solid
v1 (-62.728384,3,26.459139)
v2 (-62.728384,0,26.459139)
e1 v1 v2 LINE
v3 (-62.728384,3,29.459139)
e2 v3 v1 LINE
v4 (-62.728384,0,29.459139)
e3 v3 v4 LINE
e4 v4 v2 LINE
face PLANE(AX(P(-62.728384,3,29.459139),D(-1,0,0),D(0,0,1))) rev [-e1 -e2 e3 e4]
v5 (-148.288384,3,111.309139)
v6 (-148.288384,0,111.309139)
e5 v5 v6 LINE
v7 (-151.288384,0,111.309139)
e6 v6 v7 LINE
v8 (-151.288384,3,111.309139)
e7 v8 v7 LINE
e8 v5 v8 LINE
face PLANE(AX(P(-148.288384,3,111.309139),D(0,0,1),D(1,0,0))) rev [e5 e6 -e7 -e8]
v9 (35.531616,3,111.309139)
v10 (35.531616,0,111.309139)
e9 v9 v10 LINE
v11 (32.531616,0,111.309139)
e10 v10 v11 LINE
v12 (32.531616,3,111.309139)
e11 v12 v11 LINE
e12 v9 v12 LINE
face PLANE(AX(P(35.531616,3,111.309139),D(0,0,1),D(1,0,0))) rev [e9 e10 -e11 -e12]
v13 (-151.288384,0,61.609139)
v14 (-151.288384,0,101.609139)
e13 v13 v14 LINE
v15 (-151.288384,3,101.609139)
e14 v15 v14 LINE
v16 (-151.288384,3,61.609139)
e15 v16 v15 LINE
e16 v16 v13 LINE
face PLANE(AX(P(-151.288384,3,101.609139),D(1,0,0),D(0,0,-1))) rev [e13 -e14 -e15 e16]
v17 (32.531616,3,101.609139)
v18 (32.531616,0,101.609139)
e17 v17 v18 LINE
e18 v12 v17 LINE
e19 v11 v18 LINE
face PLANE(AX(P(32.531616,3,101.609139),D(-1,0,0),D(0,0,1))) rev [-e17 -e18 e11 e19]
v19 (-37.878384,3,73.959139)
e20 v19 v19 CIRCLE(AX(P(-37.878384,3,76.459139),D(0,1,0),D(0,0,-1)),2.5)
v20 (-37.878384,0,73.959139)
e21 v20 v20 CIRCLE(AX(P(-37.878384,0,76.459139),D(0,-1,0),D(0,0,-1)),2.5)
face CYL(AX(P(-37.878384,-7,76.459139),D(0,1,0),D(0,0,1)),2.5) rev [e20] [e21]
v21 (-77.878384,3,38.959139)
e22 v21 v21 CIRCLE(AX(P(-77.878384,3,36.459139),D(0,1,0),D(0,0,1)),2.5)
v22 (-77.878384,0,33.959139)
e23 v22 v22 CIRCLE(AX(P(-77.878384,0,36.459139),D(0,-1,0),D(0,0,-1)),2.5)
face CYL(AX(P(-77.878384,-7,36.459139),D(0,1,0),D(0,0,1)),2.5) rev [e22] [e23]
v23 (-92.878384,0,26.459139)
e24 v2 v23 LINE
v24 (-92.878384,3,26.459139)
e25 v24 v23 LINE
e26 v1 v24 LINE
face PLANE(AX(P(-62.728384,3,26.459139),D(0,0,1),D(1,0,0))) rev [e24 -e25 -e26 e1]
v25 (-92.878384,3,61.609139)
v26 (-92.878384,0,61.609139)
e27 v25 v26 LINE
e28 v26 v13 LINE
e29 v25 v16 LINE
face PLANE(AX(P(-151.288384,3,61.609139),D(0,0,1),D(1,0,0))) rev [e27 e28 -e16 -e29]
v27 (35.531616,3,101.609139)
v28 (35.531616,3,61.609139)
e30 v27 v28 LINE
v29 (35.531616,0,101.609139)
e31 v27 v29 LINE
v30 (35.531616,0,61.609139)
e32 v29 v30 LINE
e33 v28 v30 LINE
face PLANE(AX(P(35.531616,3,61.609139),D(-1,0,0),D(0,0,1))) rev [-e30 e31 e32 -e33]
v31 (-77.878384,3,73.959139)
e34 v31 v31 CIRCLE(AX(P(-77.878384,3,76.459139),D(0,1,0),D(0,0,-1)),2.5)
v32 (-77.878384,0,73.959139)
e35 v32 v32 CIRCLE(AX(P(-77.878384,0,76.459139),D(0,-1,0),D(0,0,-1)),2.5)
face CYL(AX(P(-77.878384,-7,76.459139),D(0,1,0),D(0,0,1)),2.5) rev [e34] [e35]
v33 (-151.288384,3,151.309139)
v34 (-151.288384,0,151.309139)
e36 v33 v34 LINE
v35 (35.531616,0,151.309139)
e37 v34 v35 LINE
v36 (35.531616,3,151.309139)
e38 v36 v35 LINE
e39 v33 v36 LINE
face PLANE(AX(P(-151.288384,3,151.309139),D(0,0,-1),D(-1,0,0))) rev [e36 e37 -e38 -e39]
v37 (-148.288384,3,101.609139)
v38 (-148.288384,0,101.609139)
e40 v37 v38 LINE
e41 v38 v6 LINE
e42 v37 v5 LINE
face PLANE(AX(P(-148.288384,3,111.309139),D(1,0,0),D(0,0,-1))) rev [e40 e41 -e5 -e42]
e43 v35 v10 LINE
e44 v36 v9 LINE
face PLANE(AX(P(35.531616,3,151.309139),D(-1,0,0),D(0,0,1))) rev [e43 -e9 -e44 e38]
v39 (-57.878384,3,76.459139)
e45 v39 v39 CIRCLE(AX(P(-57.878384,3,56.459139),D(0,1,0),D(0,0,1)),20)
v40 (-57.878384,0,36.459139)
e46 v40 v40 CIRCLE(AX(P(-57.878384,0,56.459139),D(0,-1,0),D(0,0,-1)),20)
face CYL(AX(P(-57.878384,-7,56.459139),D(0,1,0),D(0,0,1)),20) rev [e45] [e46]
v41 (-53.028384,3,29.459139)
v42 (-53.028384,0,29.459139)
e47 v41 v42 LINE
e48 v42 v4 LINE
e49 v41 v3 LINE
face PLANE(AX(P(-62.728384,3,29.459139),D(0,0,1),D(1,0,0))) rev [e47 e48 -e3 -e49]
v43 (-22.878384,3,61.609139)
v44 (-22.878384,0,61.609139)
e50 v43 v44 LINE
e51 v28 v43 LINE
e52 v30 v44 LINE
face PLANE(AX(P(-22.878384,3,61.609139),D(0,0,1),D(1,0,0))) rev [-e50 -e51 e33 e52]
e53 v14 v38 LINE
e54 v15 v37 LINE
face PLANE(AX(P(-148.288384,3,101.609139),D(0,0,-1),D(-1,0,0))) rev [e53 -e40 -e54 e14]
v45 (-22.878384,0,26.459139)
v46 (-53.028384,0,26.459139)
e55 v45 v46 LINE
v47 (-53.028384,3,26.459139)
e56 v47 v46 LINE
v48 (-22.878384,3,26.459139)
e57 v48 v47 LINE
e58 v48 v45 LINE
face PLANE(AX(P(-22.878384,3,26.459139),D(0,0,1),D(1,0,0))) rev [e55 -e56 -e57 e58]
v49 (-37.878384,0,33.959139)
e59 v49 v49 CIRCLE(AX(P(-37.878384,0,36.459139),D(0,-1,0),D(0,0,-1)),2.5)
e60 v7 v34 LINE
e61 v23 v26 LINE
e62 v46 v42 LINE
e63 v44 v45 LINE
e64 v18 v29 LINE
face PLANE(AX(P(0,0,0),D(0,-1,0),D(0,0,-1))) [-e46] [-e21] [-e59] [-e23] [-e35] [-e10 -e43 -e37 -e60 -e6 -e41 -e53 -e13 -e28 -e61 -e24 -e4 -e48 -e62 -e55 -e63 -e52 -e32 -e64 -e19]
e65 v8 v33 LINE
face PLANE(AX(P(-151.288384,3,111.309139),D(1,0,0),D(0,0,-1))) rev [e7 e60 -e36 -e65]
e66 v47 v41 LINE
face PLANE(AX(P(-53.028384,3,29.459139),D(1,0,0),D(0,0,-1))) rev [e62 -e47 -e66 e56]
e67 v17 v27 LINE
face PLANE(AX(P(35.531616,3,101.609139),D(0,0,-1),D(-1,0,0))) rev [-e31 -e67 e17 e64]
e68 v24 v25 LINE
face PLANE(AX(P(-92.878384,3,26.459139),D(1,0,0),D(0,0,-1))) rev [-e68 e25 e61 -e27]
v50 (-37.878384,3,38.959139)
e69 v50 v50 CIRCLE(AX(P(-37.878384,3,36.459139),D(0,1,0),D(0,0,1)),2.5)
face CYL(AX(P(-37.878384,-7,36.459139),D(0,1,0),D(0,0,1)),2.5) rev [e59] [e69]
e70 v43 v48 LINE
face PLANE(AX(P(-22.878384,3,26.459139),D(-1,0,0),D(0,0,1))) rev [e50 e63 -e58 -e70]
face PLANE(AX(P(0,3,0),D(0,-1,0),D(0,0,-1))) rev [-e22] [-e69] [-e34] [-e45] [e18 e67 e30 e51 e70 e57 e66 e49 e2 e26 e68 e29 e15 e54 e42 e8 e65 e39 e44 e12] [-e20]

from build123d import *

# Parameters (mm, degrees)
BOSS_EXTRUDE1_DEPTH = 3
SKETCH3_R           = 2.5
SKETCH3_R_2         = 20
CUT_EXTRUDE1_DEPTH  = 10


with BuildPart() as part:
    # Sketch1 → Boss-Extrude1 (new body)
    with BuildSketch(Plane(origin=(0, 0, 0), x_dir=(1, 0, 0), z_dir=(0, 1, 0))):
        Polygon((-148.288384344, -111.309139144), (-148.288384344, -101.609139144), (-151.288384344, -101.609139144), (-151.288384344, -61.609139144), (-92.878384344, -61.609139144), (-92.878384344, -26.459139144), (-62.728384344, -26.459139144), (-62.728384344, -29.459139144), (-53.028384344, -29.459139144), (-53.028384344, -26.459139144), (-22.878384344, -26.459139144), (-22.878384344, -61.609139144), (35.531615656, -61.609139144), (35.531615656, -101.609139144), (32.531615656, -101.609139144), (32.531615656, -111.309139144), (35.531615656, -111.309139144), (35.531615656, -151.309139144), (-151.288384344, -151.309139144), (-151.288384344, -111.309139144), align=None)
    extrude(amount=BOSS_EXTRUDE1_DEPTH)

    # Sketch3 → Cut-Extrude1 (cut)
    with BuildSketch(Plane(origin=(0, 3, 0), x_dir=(1, 0, 0), z_dir=(0, 1, 0))):
        with Locations(Location((-77.878384344, -36.459139144, 0), (0, 0, 270))):
            Circle(SKETCH3_R)
        with Locations(Location((-37.878384344, -36.459139144, 0), (0, 0, 270))):
            Circle(SKETCH3_R)
        with Locations(Location((-37.878384344, -76.459139144, 0), (0, 0, 90))):
            Circle(SKETCH3_R)
        with Locations(Location((-77.878384344, -76.459139144, 0), (0, 0, 90))):
            Circle(SKETCH3_R)
        with Locations(Location((-57.878384344, -56.459139144, 0), (0, 0, 270))):
            Circle(SKETCH3_R_2)
    extrude(amount=-CUT_EXTRUDE1_DEPTH, mode=Mode.SUBTRACT)


solid = part.part
